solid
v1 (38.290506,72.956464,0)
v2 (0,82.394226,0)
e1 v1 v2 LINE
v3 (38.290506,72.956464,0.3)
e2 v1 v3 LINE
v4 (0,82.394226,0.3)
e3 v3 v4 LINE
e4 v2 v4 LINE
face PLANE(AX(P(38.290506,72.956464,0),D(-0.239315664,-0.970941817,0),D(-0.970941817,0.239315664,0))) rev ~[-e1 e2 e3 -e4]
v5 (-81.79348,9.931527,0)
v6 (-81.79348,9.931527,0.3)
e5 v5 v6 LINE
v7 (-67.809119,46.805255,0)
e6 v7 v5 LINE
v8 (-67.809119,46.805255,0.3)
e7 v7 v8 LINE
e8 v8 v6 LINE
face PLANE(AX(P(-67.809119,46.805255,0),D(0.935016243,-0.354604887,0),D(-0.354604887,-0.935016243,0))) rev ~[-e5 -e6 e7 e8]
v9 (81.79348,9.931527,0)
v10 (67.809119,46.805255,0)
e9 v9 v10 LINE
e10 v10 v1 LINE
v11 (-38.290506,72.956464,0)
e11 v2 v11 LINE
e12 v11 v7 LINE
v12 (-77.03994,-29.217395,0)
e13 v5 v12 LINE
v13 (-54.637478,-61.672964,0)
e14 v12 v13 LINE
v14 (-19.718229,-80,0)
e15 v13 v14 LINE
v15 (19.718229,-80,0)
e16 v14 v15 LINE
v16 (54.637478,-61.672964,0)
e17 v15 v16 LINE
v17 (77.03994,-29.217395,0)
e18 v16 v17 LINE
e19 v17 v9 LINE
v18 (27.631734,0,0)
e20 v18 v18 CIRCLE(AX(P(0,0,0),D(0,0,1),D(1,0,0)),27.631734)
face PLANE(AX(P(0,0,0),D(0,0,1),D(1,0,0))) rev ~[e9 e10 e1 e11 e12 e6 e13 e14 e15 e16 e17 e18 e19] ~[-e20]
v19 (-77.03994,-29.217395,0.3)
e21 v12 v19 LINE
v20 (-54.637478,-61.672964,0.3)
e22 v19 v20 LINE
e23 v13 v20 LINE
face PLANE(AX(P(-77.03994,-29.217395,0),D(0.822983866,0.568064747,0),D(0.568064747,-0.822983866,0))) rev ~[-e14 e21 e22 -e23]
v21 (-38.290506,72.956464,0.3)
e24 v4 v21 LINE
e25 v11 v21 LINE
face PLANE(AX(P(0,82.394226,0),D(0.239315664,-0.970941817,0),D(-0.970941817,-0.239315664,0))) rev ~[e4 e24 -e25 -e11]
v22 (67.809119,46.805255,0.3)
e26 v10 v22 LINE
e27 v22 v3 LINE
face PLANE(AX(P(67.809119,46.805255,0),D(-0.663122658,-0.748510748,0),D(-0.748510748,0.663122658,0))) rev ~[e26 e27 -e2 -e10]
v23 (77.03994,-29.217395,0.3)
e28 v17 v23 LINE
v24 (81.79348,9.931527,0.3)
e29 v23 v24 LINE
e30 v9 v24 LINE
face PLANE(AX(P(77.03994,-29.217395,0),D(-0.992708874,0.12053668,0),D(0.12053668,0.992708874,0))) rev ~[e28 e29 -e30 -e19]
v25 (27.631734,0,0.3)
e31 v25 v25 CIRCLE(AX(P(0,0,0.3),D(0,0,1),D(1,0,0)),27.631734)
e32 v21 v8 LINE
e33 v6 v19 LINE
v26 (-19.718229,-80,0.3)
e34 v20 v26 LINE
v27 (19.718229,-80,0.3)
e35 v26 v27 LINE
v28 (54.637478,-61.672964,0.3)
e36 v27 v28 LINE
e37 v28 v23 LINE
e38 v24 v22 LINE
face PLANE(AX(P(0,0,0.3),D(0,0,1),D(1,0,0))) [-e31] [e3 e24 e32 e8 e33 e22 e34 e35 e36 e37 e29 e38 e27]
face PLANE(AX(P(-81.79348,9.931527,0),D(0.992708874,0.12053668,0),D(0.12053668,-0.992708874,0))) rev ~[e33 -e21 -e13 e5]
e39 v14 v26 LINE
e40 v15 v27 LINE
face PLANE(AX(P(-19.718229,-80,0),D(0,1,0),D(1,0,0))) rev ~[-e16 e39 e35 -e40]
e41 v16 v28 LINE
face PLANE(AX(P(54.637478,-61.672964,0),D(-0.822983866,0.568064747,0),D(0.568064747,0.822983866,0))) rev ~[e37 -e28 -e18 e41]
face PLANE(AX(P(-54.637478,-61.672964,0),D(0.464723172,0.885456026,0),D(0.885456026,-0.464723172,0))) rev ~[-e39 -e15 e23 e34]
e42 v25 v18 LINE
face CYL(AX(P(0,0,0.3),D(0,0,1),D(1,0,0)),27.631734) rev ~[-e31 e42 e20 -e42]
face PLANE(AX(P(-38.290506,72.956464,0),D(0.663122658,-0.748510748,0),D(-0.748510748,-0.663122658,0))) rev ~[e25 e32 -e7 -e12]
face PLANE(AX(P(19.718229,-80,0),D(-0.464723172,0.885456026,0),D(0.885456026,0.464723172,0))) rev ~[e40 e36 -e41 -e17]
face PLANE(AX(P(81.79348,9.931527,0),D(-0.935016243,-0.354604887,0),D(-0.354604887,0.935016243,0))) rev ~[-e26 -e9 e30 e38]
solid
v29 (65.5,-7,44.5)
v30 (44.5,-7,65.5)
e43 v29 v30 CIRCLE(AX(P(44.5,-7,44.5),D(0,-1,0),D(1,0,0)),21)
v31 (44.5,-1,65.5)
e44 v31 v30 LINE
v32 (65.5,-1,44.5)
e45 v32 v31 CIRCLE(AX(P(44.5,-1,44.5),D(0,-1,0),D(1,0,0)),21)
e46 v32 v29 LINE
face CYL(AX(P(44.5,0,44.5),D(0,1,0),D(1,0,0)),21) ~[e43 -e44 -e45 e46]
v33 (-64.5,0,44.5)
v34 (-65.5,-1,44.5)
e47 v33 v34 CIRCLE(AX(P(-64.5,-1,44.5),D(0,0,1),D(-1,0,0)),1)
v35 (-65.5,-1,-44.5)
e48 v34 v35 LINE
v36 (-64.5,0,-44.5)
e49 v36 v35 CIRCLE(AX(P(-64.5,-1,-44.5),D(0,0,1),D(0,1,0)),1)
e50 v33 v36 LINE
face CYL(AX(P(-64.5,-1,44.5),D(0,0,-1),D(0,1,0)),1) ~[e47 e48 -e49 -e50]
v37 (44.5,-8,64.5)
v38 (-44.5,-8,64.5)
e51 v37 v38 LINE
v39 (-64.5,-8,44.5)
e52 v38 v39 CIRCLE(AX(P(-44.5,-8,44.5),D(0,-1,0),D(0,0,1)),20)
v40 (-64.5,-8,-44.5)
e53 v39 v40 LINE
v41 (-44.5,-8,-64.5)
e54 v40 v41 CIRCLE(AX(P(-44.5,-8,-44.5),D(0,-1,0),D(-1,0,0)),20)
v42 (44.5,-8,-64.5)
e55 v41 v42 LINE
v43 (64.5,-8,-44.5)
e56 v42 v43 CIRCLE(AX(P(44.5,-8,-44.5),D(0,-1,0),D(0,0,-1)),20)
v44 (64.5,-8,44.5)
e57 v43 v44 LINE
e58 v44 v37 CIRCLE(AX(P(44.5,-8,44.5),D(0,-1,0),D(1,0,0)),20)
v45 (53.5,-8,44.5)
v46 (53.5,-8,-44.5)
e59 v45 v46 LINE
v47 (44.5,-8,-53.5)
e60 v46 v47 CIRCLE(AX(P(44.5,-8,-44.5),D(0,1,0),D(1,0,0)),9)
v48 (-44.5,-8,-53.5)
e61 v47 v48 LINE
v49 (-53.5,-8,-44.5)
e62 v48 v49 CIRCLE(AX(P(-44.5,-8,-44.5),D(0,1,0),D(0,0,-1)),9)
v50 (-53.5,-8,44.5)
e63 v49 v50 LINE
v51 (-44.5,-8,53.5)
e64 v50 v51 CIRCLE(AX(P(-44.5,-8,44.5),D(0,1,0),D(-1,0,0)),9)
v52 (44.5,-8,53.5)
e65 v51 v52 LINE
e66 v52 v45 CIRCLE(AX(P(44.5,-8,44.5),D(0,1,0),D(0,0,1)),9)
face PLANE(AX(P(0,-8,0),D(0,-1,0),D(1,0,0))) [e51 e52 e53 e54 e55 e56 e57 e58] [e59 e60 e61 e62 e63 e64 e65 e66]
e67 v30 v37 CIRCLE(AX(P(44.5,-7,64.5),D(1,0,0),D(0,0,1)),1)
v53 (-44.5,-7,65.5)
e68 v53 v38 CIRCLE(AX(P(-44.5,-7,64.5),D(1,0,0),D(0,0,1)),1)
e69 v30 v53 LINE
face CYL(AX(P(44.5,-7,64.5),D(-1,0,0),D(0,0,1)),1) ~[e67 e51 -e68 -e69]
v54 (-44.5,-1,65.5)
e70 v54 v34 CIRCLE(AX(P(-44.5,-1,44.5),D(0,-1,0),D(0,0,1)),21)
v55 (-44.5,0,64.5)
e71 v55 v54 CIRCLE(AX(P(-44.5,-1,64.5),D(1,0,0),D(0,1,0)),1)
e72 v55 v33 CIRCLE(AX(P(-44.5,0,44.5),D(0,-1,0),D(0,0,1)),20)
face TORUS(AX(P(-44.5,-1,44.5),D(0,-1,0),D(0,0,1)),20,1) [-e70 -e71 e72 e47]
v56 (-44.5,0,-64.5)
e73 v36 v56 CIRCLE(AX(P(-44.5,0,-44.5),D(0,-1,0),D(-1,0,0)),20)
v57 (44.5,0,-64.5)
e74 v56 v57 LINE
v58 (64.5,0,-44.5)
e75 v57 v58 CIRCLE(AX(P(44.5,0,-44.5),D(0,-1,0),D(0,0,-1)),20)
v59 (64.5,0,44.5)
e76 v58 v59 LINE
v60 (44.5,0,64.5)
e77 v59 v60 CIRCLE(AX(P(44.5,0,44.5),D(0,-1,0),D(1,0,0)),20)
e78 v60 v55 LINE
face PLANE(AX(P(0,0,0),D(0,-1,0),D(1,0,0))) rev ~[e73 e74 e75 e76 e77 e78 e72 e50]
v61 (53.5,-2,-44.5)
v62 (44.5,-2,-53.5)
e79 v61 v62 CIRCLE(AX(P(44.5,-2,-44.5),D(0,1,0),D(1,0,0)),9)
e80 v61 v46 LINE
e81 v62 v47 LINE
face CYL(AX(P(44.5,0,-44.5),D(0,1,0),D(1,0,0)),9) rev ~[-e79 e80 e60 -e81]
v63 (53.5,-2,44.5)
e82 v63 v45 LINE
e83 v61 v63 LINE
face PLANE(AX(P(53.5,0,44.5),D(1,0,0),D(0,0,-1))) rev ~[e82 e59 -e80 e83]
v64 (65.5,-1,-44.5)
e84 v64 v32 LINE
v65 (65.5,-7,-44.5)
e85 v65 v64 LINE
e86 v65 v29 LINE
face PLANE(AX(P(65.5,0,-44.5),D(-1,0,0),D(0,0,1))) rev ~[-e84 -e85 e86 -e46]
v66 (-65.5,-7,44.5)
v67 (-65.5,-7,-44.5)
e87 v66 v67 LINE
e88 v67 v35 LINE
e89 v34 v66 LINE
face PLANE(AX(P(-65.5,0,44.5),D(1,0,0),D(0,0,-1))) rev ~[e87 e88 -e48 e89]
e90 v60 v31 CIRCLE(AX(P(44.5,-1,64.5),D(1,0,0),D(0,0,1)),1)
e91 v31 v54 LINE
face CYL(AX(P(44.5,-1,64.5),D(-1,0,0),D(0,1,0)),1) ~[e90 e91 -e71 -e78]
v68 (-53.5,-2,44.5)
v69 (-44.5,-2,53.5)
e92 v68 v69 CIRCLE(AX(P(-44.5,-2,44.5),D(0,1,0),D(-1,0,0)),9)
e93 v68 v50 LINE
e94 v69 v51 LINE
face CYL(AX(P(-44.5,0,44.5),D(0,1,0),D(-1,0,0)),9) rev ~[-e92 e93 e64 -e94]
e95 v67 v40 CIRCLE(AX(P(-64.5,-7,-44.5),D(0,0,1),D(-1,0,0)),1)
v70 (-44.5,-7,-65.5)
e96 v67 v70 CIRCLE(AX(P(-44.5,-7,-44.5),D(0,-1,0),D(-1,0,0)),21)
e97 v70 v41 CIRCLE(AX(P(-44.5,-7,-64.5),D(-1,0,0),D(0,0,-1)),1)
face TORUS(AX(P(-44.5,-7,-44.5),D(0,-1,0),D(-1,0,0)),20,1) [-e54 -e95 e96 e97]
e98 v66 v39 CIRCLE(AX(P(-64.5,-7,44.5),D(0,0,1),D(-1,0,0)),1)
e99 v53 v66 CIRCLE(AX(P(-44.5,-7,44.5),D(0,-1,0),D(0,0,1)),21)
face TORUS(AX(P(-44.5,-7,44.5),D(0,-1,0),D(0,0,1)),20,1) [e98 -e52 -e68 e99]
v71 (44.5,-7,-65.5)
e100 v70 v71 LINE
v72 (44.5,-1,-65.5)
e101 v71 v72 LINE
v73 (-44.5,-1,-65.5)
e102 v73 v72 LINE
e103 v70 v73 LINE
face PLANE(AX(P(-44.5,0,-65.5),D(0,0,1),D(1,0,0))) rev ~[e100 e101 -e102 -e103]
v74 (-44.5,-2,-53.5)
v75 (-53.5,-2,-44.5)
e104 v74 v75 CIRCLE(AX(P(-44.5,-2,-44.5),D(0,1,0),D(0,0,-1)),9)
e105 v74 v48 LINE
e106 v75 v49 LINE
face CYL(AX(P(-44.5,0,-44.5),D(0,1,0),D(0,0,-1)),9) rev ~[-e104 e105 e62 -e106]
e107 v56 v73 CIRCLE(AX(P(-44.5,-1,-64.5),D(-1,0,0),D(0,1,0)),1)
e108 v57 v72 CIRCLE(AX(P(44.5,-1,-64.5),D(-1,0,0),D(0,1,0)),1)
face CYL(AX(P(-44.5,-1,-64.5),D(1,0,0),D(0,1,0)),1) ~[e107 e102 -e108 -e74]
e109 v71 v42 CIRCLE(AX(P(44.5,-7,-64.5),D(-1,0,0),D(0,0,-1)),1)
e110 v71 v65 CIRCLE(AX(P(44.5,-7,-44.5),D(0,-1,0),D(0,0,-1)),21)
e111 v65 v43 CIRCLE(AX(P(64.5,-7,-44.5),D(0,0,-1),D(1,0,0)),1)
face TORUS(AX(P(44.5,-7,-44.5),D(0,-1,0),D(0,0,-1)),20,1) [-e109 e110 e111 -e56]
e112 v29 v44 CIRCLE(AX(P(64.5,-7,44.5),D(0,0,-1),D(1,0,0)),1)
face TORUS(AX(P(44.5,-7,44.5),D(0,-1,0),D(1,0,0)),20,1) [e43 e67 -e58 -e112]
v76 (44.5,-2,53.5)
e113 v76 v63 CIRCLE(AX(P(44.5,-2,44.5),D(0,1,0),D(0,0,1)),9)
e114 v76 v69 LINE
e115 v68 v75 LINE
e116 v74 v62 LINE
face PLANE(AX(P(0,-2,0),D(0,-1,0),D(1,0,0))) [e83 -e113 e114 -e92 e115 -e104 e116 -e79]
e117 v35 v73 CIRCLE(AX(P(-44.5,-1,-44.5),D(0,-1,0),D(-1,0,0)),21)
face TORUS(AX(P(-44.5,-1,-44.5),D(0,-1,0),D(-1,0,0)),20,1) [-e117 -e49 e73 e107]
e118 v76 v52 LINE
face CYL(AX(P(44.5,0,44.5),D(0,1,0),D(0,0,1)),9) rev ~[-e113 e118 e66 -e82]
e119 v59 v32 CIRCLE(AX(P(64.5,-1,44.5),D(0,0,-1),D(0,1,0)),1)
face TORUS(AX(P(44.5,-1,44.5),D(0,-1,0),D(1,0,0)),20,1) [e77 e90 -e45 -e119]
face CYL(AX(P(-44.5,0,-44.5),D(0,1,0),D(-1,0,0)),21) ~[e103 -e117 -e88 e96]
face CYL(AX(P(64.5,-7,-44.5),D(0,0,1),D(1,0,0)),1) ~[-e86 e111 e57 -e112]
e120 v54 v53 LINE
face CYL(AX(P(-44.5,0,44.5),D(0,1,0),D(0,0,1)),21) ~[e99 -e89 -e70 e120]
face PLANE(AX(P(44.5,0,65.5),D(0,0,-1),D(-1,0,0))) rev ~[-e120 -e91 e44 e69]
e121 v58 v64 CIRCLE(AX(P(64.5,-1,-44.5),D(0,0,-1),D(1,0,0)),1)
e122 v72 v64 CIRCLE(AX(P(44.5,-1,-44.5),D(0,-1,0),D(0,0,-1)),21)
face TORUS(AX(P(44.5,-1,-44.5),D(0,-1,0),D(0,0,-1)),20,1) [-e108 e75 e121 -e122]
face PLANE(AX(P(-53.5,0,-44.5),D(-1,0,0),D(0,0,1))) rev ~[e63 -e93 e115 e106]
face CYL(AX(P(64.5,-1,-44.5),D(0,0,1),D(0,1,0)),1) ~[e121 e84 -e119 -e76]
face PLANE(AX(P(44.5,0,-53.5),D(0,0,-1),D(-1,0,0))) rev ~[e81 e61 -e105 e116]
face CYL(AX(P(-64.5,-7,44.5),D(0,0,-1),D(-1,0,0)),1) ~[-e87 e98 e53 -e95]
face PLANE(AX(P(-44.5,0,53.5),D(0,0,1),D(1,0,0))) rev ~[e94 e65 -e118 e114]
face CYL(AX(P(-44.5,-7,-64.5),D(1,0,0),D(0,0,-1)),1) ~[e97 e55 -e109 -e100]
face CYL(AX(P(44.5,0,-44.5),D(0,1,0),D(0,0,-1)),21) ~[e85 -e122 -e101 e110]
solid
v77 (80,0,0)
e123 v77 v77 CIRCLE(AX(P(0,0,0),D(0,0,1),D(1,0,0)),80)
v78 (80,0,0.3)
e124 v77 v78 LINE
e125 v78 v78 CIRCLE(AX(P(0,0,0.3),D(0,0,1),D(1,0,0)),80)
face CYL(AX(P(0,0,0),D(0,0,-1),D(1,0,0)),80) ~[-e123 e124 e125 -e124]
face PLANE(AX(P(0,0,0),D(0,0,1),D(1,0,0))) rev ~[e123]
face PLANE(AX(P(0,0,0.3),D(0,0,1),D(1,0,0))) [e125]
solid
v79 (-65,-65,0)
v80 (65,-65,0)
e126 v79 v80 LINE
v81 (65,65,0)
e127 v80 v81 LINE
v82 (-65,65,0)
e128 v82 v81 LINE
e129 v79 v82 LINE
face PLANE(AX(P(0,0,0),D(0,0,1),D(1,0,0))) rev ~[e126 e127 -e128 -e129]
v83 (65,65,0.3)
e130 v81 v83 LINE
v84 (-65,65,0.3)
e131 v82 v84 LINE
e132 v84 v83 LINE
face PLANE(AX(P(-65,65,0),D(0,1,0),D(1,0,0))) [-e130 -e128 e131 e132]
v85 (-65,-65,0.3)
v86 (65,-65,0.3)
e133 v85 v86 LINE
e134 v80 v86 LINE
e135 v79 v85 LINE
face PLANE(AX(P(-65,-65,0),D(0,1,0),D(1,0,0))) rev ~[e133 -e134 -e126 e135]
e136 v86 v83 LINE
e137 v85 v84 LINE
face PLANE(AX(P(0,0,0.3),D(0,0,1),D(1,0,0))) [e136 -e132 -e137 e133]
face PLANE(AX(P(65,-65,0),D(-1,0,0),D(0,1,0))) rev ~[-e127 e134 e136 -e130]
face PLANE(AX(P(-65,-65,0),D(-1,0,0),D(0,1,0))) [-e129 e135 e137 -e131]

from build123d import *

# Parameters (mm, degrees)
F1_DEPTH  = 2
F2_DEPTH  = 8
F3_R      = 1
F5_DEPTH  = 0.3
F6_R      = 27.6317342949
F7_DEPTH  = 0.3
F8_R      = 80
F9_DEPTH  = 0.3
F10_W     = 130
F10_H     = 130
F11_DEPTH = 0.3


with BuildPart() as f1:
    # F0 (on Front) → F1 (new body)
    with BuildSketch(Plane.XZ):
        with BuildLine():
            Line((65.5, -44.5), (65.5, 44.5))
            ThreePointArc((65.5, 44.5), (59.3492424049, 59.3492424049), (44.5, 65.5))
            Line((44.5, 65.5), (-44.5, 65.5))
            ThreePointArc((-44.5, 65.5), (-59.3492424049, 59.3492424049), (-65.5, 44.5))
            Line((-65.5, 44.5), (-65.5, -44.5))
            ThreePointArc((-65.5, -44.5), (-59.3492424049, -59.3492424049), (-44.5, -65.5))
            Line((-44.5, -65.5), (44.5, -65.5))
            ThreePointArc((44.5, -65.5), (59.3492424049, -59.3492424049), (65.5, -44.5))
        make_face()
        with BuildLine():
            Line((-44.5, 53.5), (44.5, 53.5))
            ThreePointArc((44.5, 53.5), (50.8639610307, 50.8639610307), (53.5, 44.5))
            Line((53.5, 44.5), (53.5, -44.5))
            ThreePointArc((53.5, -44.5), (50.8639610307, -50.8639610307), (44.5, -53.5))
            Line((44.5, -53.5), (-44.5, -53.5))
            ThreePointArc((-44.5, -53.5), (-50.8639610307, -50.8639610307), (-53.5, -44.5))
            Line((-53.5, -44.5), (-53.5, 44.5))
            ThreePointArc((-53.5, 44.5), (-50.8639610307, 50.8639610307), (-44.5, 53.5))
        make_face(mode=Mode.SUBTRACT)
        with BuildLine():
            ThreePointArc((53.5, 44.5), (50.8639610307, 50.8639610307), (44.5, 53.5))
            Line((44.5, 53.5), (-44.5, 53.5))
            ThreePointArc((-44.5, 53.5), (-50.8639610307, 50.8639610307), (-53.5, 44.5))
            Line((-53.5, 44.5), (-53.5, -44.5))
            ThreePointArc((-53.5, -44.5), (-50.8639610307, -50.8639610307), (-44.5, -53.5))
            Line((-44.5, -53.5), (44.5, -53.5))
            ThreePointArc((44.5, -53.5), (50.8639610307, -50.8639610307), (53.5, -44.5))
            Line((53.5, -44.5), (53.5, 44.5))
        make_face()
    extrude(amount=F1_DEPTH)

    # F0 (on Front) → F2 (join)
    with BuildSketch(Plane.XZ):
        with BuildLine():
            Line((65.5, -44.5), (65.5, 44.5))
            ThreePointArc((65.5, 44.5), (59.3492424049, 59.3492424049), (44.5, 65.5))
            Line((44.5, 65.5), (-44.5, 65.5))
            ThreePointArc((-44.5, 65.5), (-59.3492424049, 59.3492424049), (-65.5, 44.5))
            Line((-65.5, 44.5), (-65.5, -44.5))
            ThreePointArc((-65.5, -44.5), (-59.3492424049, -59.3492424049), (-44.5, -65.5))
            Line((-44.5, -65.5), (44.5, -65.5))
            ThreePointArc((44.5, -65.5), (59.3492424049, -59.3492424049), (65.5, -44.5))
        make_face()
        with BuildLine():
            Line((-44.5, 53.5), (44.5, 53.5))
            ThreePointArc((44.5, 53.5), (50.8639610307, 50.8639610307), (53.5, 44.5))
            Line((53.5, 44.5), (53.5, -44.5))
            ThreePointArc((53.5, -44.5), (50.8639610307, -50.8639610307), (44.5, -53.5))
            Line((44.5, -53.5), (-44.5, -53.5))
            ThreePointArc((-44.5, -53.5), (-50.8639610307, -50.8639610307), (-53.5, -44.5))
            Line((-53.5, -44.5), (-53.5, 44.5))
            ThreePointArc((-53.5, 44.5), (-50.8639610307, 50.8639610307), (-44.5, 53.5))
        make_face(mode=Mode.SUBTRACT)
    extrude(amount=F2_DEPTH)

    # F3
    f3_edges = [f1.edges().sort_by_distance(p)[0] for p in [
        (0, 0, -65.5),
        (0, -8, -65.5),
    ]]
    fillet(f3_edges, radius=F3_R)


with BuildPart() as f5:
    # F4 (on Top) → F5 (new body)
    with BuildSketch(Plane.XY):
        Polygon((67.8091190325, 46.8052553952), (38.290506286, 72.9564643122), (0, 82.394226476), (-38.290506286, 72.9564643122), (-67.8091190325, 46.8052553952), (-81.7934797971, 9.9315265316), (-77.0399400585, -29.2173953725), (-54.6374784844, -61.6729641045), (-19.7182290426, -80), (19.7182290426, -80), (54.6374784844, -61.6729641045), (77.0399400585, -29.2173953725), (81.7934797971, 9.9315265316), align=None)
    extrude(amount=F5_DEPTH)

    # F6 (on face) → F7 (cut)
    with BuildSketch(Plane.XY.offset(0.3)):
        Circle(F6_R)
    extrude(amount=-F7_DEPTH, mode=Mode.SUBTRACT)


with BuildPart() as f9:
    # F8 (on Top) → F9 (new body)
    with BuildSketch(Plane.XY):
        Circle(F8_R)
    extrude(amount=F9_DEPTH)


with BuildPart() as f11:
    # F10 (on Top) → F11 (new body)
    with BuildSketch(Plane.XY):
        Rectangle(F10_W, F10_H)
    extrude(amount=F11_DEPTH)


solid = Compound([f1.part, f5.part, f9.part, f11.part])
